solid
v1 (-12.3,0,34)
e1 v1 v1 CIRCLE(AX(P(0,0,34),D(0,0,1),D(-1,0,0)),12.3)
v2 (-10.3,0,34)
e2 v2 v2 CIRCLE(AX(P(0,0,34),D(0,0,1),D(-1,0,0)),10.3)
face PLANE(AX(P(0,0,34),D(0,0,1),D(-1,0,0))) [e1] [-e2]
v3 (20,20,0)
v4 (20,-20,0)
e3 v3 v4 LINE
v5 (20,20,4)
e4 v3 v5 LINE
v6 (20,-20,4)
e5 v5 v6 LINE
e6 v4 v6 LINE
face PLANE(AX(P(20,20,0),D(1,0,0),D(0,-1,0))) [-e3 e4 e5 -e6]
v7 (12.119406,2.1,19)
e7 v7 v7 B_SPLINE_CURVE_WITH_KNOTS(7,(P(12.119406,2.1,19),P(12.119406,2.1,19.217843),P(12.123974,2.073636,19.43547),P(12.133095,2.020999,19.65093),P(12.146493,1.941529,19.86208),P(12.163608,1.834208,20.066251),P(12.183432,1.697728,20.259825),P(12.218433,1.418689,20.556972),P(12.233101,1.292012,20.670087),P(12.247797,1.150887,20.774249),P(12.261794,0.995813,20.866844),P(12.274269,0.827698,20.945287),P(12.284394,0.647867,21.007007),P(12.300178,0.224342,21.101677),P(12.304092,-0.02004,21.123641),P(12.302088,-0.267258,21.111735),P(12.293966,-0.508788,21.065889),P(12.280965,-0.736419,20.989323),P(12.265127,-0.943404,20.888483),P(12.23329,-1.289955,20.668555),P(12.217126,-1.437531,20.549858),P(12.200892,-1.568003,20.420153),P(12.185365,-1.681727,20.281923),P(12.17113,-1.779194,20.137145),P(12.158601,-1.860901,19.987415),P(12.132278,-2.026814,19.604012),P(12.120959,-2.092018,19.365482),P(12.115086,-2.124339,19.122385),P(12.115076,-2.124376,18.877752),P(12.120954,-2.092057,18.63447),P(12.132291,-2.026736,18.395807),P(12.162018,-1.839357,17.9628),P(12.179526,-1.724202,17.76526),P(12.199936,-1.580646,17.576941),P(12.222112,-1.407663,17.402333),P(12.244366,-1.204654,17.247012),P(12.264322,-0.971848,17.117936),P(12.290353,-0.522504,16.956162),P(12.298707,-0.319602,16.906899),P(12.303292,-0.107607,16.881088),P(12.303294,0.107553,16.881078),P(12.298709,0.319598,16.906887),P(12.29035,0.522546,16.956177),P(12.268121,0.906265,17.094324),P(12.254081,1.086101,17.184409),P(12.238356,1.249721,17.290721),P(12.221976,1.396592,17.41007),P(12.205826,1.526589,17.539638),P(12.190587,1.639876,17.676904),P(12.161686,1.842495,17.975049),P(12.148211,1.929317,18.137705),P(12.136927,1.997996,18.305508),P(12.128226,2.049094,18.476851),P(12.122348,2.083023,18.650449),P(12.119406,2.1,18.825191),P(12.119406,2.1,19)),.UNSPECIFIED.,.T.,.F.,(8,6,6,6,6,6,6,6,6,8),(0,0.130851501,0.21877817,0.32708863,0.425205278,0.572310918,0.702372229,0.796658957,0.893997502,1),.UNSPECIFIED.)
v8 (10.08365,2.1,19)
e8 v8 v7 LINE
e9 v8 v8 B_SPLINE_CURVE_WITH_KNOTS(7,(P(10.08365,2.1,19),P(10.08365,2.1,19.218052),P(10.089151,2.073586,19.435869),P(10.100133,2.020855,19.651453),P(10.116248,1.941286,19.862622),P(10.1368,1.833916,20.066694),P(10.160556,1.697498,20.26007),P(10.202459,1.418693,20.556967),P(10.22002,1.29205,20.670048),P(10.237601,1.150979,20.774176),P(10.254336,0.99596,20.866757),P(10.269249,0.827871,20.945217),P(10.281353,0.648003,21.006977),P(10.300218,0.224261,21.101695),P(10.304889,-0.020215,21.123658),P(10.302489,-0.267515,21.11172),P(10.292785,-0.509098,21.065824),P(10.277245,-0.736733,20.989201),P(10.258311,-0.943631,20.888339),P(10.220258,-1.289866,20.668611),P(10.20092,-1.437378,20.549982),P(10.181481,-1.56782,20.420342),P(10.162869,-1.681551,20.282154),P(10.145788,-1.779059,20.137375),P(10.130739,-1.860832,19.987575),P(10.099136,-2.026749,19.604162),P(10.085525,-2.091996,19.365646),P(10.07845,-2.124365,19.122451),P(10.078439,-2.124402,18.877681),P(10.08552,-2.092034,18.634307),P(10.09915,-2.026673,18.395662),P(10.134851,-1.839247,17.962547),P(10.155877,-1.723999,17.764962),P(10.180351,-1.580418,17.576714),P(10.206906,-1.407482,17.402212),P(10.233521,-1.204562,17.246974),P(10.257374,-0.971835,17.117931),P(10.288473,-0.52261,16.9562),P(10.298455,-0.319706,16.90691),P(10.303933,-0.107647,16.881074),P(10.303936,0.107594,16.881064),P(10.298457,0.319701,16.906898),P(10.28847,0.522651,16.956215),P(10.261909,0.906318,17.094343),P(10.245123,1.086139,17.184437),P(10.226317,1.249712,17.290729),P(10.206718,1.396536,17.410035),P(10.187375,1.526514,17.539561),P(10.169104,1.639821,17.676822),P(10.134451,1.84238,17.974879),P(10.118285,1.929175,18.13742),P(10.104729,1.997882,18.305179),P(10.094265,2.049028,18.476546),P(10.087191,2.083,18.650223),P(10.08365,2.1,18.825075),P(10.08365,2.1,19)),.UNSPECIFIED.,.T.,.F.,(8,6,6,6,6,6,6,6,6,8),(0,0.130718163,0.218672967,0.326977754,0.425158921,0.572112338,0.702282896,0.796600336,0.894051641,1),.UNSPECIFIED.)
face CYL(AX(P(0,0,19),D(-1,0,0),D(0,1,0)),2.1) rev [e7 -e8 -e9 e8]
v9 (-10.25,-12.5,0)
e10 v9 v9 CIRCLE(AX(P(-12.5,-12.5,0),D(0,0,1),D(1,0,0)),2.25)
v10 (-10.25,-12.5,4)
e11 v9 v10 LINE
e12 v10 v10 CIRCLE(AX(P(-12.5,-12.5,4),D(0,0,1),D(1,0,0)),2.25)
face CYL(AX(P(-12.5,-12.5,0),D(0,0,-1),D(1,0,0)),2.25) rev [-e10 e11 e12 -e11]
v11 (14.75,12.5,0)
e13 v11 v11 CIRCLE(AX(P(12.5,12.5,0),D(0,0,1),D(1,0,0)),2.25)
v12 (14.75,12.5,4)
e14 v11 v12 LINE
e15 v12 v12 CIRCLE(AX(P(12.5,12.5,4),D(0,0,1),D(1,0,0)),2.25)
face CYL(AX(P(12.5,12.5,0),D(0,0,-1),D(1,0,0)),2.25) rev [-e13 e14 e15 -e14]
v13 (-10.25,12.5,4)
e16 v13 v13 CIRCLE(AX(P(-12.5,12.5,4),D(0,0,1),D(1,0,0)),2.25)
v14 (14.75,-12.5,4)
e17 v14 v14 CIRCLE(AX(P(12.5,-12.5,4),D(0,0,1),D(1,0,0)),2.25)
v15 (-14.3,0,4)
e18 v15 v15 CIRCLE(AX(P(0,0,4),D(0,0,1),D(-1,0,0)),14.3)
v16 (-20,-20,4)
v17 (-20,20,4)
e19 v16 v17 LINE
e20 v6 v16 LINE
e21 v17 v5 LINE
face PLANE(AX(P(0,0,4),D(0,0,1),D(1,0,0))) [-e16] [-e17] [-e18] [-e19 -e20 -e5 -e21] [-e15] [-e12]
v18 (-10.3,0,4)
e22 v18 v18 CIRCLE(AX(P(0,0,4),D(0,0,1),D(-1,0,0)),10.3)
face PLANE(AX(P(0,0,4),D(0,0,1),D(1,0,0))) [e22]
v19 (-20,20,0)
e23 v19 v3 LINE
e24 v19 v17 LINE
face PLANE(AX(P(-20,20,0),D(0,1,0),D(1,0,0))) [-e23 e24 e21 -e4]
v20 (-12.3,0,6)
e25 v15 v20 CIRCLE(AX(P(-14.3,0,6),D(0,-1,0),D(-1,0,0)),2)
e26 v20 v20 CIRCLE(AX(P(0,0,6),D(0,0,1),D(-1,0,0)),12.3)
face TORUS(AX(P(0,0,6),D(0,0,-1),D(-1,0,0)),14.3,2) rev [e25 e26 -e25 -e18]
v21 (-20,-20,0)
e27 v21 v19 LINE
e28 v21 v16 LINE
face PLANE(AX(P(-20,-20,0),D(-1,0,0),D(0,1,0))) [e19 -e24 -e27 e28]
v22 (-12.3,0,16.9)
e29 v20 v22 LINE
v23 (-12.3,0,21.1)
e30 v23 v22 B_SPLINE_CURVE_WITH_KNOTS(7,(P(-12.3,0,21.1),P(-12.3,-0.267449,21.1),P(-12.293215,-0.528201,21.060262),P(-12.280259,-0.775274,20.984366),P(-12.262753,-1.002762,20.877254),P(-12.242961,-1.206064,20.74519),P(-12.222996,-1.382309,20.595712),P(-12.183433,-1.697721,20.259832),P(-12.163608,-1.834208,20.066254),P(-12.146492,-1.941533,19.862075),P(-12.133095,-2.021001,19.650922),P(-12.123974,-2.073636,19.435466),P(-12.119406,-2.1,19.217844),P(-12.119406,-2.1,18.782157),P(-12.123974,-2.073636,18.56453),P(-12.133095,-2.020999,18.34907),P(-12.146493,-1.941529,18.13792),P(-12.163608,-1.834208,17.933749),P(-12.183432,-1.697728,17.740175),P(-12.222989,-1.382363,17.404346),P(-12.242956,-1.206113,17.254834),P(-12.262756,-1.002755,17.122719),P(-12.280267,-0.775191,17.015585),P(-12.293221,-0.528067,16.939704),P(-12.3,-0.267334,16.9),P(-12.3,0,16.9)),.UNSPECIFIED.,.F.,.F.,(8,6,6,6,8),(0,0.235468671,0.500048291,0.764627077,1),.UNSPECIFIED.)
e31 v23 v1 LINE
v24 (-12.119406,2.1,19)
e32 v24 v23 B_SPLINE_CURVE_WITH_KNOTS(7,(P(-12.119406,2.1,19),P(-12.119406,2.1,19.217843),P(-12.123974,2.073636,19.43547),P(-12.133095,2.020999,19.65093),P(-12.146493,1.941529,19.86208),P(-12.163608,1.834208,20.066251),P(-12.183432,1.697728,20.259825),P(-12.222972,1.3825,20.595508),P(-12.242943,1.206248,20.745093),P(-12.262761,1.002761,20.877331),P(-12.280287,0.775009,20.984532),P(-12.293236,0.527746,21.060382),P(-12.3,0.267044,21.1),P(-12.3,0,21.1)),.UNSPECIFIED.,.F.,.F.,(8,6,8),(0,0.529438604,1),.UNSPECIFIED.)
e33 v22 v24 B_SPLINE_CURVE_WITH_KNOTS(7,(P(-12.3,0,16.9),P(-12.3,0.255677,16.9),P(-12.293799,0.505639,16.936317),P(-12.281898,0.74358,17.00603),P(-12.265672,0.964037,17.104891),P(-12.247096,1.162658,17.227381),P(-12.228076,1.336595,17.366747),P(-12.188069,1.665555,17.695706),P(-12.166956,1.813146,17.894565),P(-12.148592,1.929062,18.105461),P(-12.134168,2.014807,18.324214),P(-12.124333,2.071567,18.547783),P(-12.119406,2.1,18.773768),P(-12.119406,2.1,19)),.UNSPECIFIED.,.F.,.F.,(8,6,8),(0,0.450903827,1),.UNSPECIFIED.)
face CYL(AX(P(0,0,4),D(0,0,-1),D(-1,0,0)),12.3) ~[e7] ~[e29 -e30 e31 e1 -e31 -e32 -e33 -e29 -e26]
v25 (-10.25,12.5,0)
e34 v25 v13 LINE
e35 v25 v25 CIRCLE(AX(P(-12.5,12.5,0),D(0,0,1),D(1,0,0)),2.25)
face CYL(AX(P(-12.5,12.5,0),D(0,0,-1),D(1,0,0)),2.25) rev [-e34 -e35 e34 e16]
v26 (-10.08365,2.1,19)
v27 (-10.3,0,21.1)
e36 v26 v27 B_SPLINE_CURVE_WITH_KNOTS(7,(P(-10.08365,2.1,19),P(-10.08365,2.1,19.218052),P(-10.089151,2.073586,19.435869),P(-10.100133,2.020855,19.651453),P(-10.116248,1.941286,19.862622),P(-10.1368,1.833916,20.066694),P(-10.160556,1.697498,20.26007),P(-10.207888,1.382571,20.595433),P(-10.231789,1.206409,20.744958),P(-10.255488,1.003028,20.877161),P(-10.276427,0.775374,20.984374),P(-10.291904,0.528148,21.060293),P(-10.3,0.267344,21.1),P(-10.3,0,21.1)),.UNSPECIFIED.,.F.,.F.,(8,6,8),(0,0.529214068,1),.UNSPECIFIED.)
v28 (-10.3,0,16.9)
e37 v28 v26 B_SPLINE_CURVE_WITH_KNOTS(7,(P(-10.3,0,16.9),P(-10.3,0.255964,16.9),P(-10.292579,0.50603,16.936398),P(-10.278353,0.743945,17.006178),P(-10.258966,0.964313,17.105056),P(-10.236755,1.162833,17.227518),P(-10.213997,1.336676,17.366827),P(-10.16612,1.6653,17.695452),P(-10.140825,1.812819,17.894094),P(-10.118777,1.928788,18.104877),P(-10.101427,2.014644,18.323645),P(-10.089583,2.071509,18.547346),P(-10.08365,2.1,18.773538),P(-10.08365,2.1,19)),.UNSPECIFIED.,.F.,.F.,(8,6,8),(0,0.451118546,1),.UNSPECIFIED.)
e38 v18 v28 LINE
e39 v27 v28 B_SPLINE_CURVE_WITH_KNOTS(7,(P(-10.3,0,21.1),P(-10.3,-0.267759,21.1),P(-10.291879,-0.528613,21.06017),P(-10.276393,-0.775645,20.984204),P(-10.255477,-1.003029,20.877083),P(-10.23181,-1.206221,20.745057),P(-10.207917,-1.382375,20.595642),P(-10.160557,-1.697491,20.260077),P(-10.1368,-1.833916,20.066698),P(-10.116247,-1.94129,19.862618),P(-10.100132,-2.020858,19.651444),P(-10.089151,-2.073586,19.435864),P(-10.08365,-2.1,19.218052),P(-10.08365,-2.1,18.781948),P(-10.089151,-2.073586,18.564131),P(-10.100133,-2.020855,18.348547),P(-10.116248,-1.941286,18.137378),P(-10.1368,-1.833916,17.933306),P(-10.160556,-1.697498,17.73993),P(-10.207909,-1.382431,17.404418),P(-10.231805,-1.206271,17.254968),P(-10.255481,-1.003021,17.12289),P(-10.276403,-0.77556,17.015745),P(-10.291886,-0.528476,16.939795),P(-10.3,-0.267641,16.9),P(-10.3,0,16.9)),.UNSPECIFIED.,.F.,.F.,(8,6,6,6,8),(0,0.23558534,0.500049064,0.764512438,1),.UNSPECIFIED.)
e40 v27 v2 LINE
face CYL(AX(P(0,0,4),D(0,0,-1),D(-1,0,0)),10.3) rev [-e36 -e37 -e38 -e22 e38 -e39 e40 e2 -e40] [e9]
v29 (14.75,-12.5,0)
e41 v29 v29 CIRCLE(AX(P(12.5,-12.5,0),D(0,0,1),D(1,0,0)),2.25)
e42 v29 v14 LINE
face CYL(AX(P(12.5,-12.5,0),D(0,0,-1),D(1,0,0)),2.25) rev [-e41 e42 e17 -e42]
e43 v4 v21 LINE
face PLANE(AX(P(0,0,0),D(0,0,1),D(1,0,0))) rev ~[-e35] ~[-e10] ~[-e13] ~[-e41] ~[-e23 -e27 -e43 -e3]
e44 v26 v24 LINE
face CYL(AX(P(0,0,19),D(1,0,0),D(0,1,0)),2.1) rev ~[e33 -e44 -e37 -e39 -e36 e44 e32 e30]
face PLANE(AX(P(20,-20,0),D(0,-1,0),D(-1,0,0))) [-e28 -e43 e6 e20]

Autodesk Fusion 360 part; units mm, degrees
sketch "Sketch1" plane through (0, 0, 0) normal (0, 0, 1) x (1, 0, 0)
  line L0 (20, -20) -> (-20, -20)
  line L1 (-20, -20) -> (-20, 20)
  line L2 (-20, 20) -> (20, 20)
  line L3 (20, 20) -> (20, -20)
  line L4 (20, -20) -> (-20, 20) construction
  line L5 (-20, -20) -> (20, 20) construction
  line L6 (12.5, -12.5) -> (-12.5, -12.5) construction
  line L7 (-12.5, -12.5) -> (-12.5, 12.5) construction
  line L8 (-12.5, 12.5) -> (12.5, 12.5) construction
  line L9 (12.5, 12.5) -> (12.5, -12.5) construction
  line L10 (12.5, -12.5) -> (-12.5, 12.5) construction
  line L11 (-12.5, -12.5) -> (12.5, 12.5) construction
  circle A0 centre (-12.5, 12.5) radius 2.25
  circle A1 centre (12.5, 12.5) radius 2.25
  circle A2 centre (12.5, -12.5) radius 2.25
  circle A3 centre (-12.5, -12.5) radius 2.25
  dimension "d1" = 40
  dimension "d2" = 40
  dimension "d3" = 25
  dimension "d4" = 25
  dimension "d5" = 4.5
  dimension "d6" = 4.5
  dimension "d7" = 4.5
  dimension "d8" = 4.5
extrude "Extrude1" add sketch "Sketch1" along normal blind 4
sketch "Sketch2" plane through (0, 0, 4) normal (0, 0, 1) x (-1, 0, 0)
  circle A0 centre (12.5, 12.5) radius 2.25
  circle A1 centre (12.5, -12.5) radius 2.25
  circle A2 centre (-12.5, -12.5) radius 2.25
  circle A3 centre (-12.5, 12.5) radius 2.25
  line L0 (-20, -20) -> (20, -20)
  line L1 (20, -20) -> (20, 20)
  line L2 (20, 20) -> (-20, 20)
  line L3 (-20, 20) -> (-20, -20)
  circle A4 centre (0, 0) radius 10.3
  circle A5 centre (0, 0) radius 12.3
  dimension "d11" = 20.6
  dimension "d12" = 2
extrude "Extrude2" add sketch "Sketch2" along normal blind 30 contours A5
sketch "Sketch3" plane through (0, 0, 0) normal (1, 0, 0) x (0, 1, 0)
  line L0 (12.3, 34) -> (-12.3, 34)
  line L1 (-12.3, 4) -> (12.3, 4)
  line L2 (-12.3, 34) -> (12.3, 4) construction
  circle A0 centre (0, 19) radius 2.1
  dimension "d15" = 4.2
extrude "Extrude3" cut sketch "Sketch3" along normal through all and the other way through all
fillet "Fillet1" radius 2 1 edges at (11.4676, -4.4479, 4)
